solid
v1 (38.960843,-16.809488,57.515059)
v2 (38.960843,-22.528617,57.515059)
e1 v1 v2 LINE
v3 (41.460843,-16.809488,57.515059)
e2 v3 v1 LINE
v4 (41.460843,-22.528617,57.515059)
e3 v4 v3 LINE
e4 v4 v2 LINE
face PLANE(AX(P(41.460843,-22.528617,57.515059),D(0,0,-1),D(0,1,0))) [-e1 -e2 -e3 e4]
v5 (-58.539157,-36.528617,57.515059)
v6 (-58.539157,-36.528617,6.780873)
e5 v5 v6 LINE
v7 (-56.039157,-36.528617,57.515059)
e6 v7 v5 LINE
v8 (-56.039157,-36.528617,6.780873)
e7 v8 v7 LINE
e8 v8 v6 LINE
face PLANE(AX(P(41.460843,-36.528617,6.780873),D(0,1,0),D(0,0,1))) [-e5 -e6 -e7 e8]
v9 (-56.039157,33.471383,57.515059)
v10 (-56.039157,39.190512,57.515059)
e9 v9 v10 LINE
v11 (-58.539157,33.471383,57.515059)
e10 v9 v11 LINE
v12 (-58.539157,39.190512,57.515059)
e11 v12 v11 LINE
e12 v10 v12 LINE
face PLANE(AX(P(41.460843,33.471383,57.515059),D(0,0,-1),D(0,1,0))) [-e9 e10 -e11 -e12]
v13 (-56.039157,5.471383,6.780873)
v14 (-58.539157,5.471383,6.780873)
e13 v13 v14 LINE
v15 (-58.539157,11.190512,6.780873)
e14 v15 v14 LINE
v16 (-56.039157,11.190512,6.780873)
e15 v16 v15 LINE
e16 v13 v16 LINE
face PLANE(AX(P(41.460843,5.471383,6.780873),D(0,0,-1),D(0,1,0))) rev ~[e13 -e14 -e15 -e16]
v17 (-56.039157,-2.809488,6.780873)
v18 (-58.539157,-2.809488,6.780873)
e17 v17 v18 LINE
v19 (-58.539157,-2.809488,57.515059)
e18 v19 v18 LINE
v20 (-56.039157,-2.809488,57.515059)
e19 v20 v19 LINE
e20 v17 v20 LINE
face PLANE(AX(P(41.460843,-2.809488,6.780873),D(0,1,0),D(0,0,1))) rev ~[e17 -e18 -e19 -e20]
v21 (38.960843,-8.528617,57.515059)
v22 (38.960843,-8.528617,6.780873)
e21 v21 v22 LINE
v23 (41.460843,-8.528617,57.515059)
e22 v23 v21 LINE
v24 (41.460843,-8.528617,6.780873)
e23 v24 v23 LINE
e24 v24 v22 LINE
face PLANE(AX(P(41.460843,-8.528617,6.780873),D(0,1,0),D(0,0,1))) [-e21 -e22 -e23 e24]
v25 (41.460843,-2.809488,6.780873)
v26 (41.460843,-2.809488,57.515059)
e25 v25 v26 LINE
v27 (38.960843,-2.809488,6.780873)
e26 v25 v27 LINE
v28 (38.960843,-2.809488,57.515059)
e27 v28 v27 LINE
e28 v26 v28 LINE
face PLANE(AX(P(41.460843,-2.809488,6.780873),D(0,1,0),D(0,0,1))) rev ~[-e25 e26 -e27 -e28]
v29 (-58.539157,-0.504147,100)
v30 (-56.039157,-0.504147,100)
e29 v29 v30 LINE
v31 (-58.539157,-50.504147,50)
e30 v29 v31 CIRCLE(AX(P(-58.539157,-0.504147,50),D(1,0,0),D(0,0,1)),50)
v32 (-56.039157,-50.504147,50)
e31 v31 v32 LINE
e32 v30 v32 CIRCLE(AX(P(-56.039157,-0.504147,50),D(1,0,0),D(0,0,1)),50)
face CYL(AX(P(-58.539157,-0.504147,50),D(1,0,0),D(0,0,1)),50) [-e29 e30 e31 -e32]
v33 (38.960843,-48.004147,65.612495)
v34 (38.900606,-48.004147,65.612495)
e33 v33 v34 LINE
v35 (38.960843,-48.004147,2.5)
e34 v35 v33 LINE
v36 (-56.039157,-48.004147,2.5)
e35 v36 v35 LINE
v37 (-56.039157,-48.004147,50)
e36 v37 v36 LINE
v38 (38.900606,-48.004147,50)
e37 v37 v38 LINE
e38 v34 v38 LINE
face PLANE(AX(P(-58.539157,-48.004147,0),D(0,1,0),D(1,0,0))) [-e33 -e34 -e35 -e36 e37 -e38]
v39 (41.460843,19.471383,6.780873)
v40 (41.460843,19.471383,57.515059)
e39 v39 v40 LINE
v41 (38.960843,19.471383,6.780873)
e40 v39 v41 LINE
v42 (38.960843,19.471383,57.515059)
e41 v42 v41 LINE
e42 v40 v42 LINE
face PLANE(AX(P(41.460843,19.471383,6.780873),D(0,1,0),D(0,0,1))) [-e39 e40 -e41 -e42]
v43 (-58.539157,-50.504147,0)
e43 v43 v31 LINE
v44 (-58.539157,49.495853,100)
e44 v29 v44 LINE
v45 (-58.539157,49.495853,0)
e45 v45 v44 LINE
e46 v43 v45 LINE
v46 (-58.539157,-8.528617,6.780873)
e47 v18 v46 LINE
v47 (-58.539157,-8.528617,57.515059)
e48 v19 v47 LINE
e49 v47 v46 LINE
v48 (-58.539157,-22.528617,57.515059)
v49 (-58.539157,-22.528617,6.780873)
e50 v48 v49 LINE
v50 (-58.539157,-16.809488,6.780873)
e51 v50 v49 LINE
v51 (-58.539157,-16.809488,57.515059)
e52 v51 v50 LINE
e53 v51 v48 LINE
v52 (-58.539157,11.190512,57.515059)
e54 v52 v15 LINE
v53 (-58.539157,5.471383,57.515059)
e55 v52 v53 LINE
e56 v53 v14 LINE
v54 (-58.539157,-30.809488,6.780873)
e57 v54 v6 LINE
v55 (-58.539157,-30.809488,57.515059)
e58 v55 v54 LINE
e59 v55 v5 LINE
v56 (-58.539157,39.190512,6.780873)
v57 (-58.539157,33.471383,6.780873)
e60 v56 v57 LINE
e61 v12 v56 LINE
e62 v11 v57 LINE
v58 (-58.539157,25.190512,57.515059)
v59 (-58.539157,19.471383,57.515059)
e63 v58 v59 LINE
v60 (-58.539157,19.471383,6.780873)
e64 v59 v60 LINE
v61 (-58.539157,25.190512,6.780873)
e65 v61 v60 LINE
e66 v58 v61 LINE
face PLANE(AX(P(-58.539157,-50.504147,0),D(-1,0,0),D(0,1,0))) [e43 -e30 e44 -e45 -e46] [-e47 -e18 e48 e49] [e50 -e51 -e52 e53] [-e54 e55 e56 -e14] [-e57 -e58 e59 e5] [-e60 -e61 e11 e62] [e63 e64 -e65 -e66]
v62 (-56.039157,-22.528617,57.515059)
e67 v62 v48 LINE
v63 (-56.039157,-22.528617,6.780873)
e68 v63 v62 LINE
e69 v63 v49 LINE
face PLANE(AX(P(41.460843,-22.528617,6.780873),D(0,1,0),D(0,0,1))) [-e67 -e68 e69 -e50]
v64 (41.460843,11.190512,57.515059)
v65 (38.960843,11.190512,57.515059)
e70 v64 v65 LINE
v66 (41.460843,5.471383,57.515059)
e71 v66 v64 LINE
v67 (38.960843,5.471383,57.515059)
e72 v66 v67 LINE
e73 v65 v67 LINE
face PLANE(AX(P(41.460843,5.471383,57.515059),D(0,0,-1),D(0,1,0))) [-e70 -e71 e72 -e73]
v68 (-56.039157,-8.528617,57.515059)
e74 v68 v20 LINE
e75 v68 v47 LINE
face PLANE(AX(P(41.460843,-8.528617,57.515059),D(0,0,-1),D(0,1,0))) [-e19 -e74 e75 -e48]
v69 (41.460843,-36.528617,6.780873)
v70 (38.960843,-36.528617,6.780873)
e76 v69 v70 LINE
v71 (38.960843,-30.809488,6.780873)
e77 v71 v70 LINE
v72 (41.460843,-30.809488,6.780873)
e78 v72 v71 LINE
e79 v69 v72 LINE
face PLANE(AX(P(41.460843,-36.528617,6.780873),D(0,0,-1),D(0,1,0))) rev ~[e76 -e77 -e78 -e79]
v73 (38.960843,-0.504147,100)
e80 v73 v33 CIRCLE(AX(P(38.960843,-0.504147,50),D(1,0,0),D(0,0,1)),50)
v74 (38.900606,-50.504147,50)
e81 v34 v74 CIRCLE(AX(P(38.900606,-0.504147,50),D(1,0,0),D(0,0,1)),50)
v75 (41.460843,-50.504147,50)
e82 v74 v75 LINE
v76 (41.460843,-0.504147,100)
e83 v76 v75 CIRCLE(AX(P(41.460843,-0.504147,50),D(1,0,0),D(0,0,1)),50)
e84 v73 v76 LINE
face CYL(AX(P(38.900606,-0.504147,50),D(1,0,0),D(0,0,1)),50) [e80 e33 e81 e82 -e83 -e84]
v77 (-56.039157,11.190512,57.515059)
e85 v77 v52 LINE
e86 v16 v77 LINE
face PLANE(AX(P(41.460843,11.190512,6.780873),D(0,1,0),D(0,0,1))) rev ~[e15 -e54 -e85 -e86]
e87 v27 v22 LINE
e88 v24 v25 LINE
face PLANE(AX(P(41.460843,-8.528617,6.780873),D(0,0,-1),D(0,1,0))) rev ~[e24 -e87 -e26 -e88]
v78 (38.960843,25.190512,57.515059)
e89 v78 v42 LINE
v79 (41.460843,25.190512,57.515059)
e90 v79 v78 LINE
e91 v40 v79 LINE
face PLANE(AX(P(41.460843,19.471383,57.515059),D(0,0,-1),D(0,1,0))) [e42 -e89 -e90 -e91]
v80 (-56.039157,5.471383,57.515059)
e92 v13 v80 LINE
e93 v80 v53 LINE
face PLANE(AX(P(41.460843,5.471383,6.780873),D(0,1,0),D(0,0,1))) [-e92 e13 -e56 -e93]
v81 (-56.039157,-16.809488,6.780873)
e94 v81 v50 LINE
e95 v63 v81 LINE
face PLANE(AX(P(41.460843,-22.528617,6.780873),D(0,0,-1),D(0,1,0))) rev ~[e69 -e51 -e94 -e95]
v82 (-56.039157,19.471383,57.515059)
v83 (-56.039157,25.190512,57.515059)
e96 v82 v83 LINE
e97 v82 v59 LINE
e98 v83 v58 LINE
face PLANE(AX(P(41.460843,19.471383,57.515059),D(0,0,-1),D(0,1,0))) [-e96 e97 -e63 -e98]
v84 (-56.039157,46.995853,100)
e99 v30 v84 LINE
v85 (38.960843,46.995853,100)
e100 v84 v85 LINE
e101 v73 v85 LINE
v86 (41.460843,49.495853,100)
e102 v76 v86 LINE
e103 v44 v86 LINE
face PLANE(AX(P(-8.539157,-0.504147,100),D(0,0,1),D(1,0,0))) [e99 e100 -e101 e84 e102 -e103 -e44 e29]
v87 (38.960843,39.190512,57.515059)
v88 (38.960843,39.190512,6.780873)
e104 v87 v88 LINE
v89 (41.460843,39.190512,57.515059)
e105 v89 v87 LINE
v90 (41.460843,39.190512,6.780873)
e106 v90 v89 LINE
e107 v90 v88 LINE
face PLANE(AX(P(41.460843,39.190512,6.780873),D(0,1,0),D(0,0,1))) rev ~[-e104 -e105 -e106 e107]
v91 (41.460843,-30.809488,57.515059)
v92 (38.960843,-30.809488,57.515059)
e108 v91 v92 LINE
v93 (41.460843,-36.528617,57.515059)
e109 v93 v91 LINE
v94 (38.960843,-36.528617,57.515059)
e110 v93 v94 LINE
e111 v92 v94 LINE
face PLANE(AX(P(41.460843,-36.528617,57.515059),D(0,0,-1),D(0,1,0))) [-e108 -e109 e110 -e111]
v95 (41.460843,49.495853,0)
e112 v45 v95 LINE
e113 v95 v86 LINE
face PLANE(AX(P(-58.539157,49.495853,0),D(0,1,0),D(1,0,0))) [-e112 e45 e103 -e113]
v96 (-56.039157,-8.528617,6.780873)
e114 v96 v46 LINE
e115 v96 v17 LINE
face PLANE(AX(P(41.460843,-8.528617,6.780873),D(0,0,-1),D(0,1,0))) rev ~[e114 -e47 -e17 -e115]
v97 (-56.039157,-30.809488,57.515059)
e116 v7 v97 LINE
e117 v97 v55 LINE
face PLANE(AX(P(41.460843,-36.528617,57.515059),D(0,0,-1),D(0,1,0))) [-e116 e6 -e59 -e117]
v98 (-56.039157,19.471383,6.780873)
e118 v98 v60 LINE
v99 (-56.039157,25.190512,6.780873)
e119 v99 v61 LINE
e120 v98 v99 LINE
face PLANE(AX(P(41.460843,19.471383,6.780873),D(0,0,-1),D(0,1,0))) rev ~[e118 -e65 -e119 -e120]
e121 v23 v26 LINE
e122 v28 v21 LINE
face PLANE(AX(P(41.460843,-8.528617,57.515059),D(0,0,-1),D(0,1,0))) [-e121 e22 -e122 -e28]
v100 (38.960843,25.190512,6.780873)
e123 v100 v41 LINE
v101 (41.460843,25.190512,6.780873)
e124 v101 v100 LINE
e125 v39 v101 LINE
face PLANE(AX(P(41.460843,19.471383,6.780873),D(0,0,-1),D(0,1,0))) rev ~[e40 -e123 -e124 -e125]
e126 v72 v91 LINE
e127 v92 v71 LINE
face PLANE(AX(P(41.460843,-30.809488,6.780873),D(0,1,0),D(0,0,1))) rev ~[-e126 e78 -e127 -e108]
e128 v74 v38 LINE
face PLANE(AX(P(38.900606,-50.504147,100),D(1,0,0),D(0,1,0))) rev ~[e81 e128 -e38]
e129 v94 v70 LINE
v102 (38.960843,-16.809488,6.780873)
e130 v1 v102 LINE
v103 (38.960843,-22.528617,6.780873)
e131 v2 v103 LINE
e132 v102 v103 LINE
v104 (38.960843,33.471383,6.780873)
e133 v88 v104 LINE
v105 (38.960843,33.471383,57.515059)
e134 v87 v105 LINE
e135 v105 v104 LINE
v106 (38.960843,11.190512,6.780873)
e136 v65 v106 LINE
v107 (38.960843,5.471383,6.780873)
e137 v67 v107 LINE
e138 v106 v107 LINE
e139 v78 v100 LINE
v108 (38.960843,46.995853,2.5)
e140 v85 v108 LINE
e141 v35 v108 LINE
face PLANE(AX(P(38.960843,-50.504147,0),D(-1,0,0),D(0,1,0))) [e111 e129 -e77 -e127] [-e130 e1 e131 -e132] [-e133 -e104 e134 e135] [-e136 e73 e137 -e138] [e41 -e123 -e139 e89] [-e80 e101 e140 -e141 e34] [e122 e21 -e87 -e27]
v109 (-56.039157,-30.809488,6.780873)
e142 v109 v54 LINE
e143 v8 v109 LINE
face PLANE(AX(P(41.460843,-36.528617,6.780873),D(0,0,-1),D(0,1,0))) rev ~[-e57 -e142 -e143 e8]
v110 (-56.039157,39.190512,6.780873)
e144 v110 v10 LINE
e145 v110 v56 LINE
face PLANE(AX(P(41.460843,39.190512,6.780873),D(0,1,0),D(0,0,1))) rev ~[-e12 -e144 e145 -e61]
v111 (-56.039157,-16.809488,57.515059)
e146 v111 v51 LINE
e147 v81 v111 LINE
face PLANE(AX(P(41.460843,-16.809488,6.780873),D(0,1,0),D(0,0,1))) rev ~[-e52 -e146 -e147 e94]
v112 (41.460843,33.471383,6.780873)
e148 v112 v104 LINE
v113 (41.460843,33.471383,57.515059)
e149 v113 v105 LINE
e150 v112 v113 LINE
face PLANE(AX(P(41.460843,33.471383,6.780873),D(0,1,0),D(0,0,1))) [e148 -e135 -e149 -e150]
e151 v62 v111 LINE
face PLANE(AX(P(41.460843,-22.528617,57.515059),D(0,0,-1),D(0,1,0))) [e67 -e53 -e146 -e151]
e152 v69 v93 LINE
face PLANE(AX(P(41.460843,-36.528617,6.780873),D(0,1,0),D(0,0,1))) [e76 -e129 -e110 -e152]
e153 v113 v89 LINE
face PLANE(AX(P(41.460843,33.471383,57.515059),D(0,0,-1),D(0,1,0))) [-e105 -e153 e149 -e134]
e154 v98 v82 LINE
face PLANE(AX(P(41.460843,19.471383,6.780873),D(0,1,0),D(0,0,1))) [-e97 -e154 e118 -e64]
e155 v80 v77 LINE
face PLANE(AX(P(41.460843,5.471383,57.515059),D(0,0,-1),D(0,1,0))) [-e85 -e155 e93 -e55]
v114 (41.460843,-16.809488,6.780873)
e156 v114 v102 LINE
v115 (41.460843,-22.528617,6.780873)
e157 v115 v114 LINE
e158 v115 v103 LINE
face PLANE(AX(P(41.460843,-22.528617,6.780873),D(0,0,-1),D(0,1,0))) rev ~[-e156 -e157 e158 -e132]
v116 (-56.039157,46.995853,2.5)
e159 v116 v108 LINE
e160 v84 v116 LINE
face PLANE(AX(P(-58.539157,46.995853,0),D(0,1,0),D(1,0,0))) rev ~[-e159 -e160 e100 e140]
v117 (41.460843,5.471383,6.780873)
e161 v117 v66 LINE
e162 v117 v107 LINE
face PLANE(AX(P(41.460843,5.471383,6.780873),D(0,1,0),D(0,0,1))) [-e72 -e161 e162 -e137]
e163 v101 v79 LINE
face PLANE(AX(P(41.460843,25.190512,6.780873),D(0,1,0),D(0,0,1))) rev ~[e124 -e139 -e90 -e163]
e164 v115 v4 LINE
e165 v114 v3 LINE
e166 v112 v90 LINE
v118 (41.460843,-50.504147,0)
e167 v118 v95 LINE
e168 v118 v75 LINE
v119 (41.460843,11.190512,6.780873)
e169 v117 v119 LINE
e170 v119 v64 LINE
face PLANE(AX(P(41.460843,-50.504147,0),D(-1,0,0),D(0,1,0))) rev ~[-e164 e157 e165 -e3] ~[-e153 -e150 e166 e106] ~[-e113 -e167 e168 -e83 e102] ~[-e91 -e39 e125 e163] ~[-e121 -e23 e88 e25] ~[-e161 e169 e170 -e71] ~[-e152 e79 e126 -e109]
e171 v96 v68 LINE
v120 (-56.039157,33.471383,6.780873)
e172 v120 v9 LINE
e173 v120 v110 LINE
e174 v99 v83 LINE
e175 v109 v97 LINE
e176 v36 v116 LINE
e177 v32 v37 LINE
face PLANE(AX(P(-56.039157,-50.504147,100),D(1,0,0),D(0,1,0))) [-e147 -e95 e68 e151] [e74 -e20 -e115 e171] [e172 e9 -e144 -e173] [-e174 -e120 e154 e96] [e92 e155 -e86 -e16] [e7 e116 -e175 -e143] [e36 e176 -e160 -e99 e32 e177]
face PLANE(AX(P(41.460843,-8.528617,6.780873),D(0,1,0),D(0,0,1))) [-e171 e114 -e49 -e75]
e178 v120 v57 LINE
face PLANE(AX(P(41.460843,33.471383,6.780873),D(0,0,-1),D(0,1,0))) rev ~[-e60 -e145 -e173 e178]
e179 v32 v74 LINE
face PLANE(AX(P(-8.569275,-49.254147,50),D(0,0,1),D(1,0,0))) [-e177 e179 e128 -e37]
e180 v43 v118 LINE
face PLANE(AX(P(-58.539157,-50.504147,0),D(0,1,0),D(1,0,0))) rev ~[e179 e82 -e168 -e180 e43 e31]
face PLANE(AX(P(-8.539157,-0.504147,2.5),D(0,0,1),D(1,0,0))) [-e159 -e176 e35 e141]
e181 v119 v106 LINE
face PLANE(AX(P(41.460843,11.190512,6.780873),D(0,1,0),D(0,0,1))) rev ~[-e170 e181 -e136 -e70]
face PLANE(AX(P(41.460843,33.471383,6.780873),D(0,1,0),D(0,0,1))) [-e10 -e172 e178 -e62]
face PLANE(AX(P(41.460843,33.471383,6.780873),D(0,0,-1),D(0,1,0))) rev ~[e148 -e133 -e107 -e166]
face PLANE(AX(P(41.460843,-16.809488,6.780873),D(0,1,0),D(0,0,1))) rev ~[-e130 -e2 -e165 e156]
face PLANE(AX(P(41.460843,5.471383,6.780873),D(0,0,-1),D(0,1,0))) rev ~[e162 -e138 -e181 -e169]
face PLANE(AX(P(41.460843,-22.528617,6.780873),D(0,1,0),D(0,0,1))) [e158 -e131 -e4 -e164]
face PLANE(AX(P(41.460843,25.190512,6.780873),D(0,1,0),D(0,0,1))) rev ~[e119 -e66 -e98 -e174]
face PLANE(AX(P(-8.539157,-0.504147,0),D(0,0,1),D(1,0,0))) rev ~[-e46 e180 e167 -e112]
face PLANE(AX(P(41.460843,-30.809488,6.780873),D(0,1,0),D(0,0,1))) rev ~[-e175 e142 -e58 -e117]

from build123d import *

# Parameters (mm, degrees)
F0_W     = 100
F0_H     = 100
F1_DEPTH = 100
F2_T     = -2.5
F3_W     = 94.9397633225
F3_H     = 2.5
F4_DEPTH = 50
F5_R     = 50
F6_W     = 5.7191289961
F6_H     = 50.7341860794
F7_DEPTH = 100.001


with BuildPart() as f1:
    # F0 (on Top) → F1 (new body)
    with BuildSketch(Plane.XY):
        with Locations((-8.5391569883, -0.5041474987)):
            Rectangle(F0_W, F0_H)
    extrude(amount=F1_DEPTH)

    # F2
    f2_openings = [f1.faces().sort_by_distance(p)[0] for p in [
        (-8.539157, -0.504147, 100),
    ]]
    offset(amount=F2_T, openings=f2_openings)

    # F3 (on face) → F4 (cut)
    with BuildSketch(Plane.XY.offset(100)):
        with Locations((-8.569275327, -49.2541474987)):
            Rectangle(F3_W, F3_H)
    extrude(amount=-F4_DEPTH, mode=Mode.SUBTRACT)

    # F5
    f5_edges = [f1.edges().sort_by_distance(p)[0] for p in [
        (-57.289157, -50.504147, 100),
        (40.180725, -50.504147, 100),
    ]]
    fillet(f5_edges, radius=F5_R)

    # F6 (on face) → F7 (cut, through all)
    with BuildSketch(Plane.YZ.offset(41.4608430117)):
        with Locations((-33.6690526456, 32.1479656268)):
            Rectangle(F6_W, F6_H)
        with Locations((-19.6690526456, 32.1479656268)):
            Rectangle(F6_W, F6_H)
        with Locations((-5.6690526456, 32.1479656268)):
            Rectangle(F6_W, F6_H)
        with Locations((8.3309473544, 32.1479656268)):
            Rectangle(F6_W, F6_H)
        with Locations((22.3309473544, 32.1479656268)):
            Rectangle(F6_W, F6_H)
        with Locations((36.3309473544, 32.1479656268)):
            Rectangle(F6_W, F6_H)
    extrude(amount=-F7_DEPTH, mode=Mode.SUBTRACT)


solid = f1.part
